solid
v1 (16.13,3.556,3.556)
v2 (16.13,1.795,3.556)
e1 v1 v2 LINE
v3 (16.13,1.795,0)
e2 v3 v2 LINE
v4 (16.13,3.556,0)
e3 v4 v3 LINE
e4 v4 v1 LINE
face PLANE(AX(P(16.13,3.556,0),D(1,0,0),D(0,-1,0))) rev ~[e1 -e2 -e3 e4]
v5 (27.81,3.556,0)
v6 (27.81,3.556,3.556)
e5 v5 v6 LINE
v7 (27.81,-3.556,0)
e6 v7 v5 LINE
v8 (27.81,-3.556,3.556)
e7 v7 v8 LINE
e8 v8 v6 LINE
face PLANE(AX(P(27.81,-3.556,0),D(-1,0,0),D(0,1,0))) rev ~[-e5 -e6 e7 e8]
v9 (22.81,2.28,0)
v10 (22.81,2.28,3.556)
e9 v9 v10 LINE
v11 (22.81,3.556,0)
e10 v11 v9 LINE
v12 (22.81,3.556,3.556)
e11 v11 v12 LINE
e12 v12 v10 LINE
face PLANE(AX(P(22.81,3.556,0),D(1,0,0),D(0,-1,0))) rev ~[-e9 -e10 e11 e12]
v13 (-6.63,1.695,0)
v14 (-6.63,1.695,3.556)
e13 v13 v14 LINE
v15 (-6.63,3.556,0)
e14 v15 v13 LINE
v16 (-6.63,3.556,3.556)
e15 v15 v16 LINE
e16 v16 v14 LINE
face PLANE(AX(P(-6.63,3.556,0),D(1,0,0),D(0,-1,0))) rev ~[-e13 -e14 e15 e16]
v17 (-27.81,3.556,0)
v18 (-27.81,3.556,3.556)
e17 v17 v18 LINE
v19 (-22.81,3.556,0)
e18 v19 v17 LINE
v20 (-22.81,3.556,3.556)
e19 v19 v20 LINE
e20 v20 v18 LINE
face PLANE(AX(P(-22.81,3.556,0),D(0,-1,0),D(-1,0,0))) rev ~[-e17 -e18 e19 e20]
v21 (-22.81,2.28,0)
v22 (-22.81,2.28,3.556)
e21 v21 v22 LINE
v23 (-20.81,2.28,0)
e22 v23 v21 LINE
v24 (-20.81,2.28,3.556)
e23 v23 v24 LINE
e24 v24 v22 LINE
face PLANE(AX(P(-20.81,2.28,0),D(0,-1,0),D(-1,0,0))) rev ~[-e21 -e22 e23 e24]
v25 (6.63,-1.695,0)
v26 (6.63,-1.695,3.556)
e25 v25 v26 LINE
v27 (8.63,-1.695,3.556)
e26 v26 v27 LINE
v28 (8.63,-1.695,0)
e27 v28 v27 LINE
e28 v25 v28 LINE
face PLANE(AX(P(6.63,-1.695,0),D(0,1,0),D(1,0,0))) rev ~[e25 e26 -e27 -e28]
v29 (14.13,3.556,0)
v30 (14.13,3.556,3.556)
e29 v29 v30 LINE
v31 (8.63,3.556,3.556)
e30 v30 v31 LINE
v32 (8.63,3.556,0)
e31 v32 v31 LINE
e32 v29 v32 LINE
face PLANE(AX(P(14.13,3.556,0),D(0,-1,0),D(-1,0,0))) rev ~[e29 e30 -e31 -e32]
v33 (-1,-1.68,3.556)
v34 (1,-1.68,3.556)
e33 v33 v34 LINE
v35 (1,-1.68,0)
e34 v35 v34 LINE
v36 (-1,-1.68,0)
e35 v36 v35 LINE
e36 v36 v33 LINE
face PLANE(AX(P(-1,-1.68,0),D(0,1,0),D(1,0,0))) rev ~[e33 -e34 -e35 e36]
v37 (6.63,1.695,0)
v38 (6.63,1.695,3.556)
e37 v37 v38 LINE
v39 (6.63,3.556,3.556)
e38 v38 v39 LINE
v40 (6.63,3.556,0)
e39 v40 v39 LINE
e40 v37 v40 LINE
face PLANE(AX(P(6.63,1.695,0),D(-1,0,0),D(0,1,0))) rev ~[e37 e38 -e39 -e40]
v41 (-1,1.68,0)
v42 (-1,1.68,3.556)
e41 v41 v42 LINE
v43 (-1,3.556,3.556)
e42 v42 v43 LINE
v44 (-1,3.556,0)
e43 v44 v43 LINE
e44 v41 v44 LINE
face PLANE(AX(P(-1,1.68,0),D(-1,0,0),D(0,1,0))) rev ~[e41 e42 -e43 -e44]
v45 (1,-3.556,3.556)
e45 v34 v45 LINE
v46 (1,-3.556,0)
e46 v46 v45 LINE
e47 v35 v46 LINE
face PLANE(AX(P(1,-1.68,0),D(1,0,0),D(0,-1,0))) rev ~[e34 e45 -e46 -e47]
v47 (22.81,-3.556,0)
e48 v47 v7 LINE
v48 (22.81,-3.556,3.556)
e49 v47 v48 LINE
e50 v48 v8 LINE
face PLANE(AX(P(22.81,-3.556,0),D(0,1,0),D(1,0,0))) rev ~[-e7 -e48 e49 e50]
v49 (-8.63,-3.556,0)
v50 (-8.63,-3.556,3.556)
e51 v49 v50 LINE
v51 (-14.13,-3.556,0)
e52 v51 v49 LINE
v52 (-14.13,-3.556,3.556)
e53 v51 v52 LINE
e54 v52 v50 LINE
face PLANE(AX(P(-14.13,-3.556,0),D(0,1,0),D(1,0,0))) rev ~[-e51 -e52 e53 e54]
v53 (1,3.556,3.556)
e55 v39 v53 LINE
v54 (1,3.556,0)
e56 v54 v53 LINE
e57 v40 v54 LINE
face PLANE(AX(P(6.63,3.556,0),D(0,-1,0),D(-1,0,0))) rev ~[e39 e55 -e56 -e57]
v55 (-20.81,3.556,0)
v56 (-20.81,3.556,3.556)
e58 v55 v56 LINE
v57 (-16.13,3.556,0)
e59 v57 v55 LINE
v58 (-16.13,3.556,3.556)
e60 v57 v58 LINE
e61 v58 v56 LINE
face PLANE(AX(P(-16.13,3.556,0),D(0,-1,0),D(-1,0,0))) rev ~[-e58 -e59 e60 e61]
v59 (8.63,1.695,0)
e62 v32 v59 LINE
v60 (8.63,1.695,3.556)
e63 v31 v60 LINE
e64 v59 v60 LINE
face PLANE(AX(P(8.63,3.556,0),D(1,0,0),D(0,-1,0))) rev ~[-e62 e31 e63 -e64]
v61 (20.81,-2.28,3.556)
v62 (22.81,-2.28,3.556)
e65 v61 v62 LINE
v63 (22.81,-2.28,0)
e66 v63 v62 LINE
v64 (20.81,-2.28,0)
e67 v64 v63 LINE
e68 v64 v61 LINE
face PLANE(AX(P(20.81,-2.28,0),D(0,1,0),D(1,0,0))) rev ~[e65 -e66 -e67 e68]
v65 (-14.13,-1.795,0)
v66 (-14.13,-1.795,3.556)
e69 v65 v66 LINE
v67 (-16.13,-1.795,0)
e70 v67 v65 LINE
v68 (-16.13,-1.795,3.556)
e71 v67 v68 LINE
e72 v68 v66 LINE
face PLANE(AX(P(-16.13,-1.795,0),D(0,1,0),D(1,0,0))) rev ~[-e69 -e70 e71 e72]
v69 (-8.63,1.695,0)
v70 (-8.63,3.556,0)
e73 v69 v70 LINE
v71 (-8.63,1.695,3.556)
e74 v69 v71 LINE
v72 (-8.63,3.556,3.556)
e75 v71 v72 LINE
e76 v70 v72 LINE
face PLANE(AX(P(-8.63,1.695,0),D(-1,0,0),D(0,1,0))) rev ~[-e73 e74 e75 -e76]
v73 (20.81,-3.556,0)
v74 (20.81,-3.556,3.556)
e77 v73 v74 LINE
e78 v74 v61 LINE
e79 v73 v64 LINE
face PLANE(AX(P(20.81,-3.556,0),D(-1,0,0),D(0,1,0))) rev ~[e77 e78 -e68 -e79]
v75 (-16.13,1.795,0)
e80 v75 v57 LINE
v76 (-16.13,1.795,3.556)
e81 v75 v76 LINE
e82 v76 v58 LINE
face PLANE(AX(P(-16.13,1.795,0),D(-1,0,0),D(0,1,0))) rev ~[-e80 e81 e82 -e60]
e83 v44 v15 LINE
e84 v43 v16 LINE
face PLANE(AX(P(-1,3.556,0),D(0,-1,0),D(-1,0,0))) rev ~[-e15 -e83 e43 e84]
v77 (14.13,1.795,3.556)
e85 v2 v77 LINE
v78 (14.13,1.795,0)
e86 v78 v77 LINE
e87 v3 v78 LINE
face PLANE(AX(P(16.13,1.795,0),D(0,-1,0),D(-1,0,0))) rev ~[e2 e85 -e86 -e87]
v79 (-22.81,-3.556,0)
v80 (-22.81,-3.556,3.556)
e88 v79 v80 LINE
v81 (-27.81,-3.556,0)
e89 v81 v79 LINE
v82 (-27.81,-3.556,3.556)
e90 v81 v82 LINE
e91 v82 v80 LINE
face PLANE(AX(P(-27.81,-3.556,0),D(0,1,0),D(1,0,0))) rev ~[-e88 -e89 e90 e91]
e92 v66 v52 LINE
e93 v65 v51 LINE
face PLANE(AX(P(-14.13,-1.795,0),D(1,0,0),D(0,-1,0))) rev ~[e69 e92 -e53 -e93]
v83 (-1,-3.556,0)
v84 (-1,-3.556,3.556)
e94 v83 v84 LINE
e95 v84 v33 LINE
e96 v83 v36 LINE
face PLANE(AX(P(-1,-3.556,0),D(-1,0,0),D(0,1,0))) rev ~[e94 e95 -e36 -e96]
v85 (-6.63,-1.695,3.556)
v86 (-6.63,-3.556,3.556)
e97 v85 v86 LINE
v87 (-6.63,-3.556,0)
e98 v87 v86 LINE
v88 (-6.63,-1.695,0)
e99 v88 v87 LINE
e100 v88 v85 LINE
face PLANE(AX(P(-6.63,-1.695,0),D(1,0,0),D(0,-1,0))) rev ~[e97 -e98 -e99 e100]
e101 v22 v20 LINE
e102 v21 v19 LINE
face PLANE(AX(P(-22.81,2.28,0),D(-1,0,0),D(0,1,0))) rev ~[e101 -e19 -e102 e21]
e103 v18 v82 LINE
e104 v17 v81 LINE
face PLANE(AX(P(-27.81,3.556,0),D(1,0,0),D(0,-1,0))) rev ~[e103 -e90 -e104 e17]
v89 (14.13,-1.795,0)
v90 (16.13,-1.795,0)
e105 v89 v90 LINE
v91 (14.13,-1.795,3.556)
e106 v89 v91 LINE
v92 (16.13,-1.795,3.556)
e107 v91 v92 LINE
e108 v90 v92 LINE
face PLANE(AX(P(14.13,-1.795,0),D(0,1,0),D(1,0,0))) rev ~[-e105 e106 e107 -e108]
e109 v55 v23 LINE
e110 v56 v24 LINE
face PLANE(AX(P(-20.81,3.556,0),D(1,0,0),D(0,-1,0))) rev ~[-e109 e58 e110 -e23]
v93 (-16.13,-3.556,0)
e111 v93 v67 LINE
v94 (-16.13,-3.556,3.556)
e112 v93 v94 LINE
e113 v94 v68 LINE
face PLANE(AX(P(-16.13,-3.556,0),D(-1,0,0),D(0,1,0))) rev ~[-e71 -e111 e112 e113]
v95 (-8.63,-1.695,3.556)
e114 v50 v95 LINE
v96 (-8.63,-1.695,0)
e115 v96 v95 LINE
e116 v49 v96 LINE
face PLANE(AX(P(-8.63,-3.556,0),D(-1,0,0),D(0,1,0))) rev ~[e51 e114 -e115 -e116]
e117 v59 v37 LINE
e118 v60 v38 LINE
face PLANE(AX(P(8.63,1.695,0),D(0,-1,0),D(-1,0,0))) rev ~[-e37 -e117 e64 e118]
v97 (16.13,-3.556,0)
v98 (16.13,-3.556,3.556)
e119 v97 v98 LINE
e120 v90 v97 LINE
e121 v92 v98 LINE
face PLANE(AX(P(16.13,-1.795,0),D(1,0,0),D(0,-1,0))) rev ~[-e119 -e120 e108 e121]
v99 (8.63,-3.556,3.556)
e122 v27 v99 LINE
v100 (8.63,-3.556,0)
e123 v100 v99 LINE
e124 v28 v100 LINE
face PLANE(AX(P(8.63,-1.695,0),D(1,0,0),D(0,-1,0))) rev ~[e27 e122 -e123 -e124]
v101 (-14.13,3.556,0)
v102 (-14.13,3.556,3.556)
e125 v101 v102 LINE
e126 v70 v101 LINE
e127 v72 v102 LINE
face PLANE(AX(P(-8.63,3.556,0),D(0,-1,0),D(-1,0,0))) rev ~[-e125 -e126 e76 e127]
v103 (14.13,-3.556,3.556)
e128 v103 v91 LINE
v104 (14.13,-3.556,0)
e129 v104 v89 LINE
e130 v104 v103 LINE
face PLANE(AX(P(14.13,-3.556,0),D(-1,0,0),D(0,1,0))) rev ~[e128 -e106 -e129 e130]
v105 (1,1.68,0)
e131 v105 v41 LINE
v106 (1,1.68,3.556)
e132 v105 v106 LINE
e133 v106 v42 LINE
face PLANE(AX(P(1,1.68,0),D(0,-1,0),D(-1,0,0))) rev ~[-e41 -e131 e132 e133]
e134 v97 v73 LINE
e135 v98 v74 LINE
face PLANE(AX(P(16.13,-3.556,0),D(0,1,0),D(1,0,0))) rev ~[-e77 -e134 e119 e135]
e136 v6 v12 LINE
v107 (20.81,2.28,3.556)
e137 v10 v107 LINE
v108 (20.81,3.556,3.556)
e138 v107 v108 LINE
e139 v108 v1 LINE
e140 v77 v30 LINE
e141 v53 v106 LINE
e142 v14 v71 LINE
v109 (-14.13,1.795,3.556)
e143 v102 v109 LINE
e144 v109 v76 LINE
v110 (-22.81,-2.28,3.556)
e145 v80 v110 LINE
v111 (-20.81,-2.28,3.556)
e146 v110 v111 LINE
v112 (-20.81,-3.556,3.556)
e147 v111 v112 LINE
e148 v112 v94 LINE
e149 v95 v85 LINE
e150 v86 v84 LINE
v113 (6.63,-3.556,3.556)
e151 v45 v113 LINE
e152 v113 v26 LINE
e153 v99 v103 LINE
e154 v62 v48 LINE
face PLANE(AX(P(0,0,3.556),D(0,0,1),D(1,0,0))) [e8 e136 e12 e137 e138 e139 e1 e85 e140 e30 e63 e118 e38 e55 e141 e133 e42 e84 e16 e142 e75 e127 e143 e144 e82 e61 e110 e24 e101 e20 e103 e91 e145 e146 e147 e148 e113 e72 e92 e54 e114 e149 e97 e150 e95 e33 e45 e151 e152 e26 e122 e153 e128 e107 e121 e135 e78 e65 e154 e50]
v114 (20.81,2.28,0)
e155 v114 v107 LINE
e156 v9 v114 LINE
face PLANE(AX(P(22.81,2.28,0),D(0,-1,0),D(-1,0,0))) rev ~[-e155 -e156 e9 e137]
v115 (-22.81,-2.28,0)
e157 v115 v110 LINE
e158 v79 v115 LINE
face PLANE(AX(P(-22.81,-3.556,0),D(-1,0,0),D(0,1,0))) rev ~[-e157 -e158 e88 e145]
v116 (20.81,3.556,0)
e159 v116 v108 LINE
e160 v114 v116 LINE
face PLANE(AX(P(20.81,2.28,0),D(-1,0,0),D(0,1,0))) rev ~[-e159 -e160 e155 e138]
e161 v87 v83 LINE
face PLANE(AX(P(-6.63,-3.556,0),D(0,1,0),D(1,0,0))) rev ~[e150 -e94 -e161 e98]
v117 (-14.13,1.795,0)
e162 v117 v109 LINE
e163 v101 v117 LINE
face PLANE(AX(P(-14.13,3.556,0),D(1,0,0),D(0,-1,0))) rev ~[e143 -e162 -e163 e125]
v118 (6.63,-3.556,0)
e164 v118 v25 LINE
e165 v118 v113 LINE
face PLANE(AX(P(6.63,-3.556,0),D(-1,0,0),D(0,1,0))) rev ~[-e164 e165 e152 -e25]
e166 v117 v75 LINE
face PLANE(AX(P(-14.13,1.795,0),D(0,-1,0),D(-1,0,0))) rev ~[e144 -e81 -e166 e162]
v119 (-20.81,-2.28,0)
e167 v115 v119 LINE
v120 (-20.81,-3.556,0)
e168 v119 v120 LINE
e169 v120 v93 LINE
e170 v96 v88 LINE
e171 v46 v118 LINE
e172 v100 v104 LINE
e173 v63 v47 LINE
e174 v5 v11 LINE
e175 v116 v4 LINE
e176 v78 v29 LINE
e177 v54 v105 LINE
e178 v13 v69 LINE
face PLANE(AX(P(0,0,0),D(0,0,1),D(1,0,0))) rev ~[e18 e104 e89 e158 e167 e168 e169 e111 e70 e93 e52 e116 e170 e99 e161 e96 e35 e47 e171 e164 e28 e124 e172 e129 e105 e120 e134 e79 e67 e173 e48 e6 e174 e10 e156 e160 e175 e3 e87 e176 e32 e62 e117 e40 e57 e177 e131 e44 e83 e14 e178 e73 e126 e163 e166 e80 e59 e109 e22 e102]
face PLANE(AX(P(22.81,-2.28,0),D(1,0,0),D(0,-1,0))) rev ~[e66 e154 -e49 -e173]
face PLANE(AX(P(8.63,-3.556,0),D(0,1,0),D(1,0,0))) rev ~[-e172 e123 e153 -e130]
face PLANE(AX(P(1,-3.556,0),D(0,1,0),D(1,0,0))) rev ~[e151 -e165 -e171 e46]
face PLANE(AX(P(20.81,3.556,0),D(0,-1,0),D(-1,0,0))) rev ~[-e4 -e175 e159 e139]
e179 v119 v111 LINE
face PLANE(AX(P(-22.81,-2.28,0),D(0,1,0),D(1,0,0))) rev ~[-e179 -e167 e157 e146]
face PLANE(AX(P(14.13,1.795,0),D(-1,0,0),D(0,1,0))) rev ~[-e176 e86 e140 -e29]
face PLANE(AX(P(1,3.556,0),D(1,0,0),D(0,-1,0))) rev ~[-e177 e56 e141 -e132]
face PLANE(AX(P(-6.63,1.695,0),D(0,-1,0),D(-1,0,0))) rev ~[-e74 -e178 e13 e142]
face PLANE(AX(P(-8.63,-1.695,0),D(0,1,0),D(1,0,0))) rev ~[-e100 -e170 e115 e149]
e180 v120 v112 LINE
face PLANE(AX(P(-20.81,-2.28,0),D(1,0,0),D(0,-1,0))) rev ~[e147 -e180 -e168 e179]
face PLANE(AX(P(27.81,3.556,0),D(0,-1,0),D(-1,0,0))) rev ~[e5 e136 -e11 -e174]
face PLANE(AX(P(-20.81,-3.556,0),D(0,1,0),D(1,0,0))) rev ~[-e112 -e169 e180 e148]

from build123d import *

# Parameters (mm, degrees)
BOSS_EXTRUDE1_DEPTH = 3.556


with BuildPart() as part:
    # Sketch1 → Boss-Extrude1 (new body)
    with BuildSketch(Plane.XY):
        Polygon((27.81, -3.556), (27.81, 3.556), (22.81, 3.556), (22.81, 2.28), (20.81, 2.28), (20.81, 3.556), (16.13, 3.556), (16.13, 1.795), (14.13, 1.795), (14.13, 3.556), (8.63, 3.556), (8.63, 1.695), (6.63, 1.695), (6.63, 3.556), (1, 3.556), (1, 1.68), (-1, 1.68), (-1, 3.556), (-6.63, 3.556), (-6.63, 1.695), (-8.63, 1.695), (-8.63, 3.556), (-14.13, 3.556), (-14.13, 1.795), (-16.13, 1.795), (-16.13, 3.556), (-20.81, 3.556), (-20.81, 2.28), (-22.81, 2.28), (-22.81, 3.556), (-27.81, 3.556), (-27.81, -3.556), (-22.81, -3.556), (-22.81, -2.28), (-20.81, -2.28), (-20.81, -3.556), (-16.13, -3.556), (-16.13, -1.795), (-14.13, -1.795), (-14.13, -3.556), (-8.63, -3.556), (-8.63, -1.695), (-6.63, -1.695), (-6.63, -3.556), (-1, -3.556), (-1, -1.68), (1, -1.68), (1, -3.556), (6.63, -3.556), (6.63, -1.695), (8.63, -1.695), (8.63, -3.556), (14.13, -3.556), (14.13, -1.795), (16.13, -1.795), (16.13, -3.556), (20.81, -3.556), (20.81, -2.28), (22.81, -2.28), (22.81, -3.556), align=None)
    extrude(amount=BOSS_EXTRUDE1_DEPTH)


solid = part.part
